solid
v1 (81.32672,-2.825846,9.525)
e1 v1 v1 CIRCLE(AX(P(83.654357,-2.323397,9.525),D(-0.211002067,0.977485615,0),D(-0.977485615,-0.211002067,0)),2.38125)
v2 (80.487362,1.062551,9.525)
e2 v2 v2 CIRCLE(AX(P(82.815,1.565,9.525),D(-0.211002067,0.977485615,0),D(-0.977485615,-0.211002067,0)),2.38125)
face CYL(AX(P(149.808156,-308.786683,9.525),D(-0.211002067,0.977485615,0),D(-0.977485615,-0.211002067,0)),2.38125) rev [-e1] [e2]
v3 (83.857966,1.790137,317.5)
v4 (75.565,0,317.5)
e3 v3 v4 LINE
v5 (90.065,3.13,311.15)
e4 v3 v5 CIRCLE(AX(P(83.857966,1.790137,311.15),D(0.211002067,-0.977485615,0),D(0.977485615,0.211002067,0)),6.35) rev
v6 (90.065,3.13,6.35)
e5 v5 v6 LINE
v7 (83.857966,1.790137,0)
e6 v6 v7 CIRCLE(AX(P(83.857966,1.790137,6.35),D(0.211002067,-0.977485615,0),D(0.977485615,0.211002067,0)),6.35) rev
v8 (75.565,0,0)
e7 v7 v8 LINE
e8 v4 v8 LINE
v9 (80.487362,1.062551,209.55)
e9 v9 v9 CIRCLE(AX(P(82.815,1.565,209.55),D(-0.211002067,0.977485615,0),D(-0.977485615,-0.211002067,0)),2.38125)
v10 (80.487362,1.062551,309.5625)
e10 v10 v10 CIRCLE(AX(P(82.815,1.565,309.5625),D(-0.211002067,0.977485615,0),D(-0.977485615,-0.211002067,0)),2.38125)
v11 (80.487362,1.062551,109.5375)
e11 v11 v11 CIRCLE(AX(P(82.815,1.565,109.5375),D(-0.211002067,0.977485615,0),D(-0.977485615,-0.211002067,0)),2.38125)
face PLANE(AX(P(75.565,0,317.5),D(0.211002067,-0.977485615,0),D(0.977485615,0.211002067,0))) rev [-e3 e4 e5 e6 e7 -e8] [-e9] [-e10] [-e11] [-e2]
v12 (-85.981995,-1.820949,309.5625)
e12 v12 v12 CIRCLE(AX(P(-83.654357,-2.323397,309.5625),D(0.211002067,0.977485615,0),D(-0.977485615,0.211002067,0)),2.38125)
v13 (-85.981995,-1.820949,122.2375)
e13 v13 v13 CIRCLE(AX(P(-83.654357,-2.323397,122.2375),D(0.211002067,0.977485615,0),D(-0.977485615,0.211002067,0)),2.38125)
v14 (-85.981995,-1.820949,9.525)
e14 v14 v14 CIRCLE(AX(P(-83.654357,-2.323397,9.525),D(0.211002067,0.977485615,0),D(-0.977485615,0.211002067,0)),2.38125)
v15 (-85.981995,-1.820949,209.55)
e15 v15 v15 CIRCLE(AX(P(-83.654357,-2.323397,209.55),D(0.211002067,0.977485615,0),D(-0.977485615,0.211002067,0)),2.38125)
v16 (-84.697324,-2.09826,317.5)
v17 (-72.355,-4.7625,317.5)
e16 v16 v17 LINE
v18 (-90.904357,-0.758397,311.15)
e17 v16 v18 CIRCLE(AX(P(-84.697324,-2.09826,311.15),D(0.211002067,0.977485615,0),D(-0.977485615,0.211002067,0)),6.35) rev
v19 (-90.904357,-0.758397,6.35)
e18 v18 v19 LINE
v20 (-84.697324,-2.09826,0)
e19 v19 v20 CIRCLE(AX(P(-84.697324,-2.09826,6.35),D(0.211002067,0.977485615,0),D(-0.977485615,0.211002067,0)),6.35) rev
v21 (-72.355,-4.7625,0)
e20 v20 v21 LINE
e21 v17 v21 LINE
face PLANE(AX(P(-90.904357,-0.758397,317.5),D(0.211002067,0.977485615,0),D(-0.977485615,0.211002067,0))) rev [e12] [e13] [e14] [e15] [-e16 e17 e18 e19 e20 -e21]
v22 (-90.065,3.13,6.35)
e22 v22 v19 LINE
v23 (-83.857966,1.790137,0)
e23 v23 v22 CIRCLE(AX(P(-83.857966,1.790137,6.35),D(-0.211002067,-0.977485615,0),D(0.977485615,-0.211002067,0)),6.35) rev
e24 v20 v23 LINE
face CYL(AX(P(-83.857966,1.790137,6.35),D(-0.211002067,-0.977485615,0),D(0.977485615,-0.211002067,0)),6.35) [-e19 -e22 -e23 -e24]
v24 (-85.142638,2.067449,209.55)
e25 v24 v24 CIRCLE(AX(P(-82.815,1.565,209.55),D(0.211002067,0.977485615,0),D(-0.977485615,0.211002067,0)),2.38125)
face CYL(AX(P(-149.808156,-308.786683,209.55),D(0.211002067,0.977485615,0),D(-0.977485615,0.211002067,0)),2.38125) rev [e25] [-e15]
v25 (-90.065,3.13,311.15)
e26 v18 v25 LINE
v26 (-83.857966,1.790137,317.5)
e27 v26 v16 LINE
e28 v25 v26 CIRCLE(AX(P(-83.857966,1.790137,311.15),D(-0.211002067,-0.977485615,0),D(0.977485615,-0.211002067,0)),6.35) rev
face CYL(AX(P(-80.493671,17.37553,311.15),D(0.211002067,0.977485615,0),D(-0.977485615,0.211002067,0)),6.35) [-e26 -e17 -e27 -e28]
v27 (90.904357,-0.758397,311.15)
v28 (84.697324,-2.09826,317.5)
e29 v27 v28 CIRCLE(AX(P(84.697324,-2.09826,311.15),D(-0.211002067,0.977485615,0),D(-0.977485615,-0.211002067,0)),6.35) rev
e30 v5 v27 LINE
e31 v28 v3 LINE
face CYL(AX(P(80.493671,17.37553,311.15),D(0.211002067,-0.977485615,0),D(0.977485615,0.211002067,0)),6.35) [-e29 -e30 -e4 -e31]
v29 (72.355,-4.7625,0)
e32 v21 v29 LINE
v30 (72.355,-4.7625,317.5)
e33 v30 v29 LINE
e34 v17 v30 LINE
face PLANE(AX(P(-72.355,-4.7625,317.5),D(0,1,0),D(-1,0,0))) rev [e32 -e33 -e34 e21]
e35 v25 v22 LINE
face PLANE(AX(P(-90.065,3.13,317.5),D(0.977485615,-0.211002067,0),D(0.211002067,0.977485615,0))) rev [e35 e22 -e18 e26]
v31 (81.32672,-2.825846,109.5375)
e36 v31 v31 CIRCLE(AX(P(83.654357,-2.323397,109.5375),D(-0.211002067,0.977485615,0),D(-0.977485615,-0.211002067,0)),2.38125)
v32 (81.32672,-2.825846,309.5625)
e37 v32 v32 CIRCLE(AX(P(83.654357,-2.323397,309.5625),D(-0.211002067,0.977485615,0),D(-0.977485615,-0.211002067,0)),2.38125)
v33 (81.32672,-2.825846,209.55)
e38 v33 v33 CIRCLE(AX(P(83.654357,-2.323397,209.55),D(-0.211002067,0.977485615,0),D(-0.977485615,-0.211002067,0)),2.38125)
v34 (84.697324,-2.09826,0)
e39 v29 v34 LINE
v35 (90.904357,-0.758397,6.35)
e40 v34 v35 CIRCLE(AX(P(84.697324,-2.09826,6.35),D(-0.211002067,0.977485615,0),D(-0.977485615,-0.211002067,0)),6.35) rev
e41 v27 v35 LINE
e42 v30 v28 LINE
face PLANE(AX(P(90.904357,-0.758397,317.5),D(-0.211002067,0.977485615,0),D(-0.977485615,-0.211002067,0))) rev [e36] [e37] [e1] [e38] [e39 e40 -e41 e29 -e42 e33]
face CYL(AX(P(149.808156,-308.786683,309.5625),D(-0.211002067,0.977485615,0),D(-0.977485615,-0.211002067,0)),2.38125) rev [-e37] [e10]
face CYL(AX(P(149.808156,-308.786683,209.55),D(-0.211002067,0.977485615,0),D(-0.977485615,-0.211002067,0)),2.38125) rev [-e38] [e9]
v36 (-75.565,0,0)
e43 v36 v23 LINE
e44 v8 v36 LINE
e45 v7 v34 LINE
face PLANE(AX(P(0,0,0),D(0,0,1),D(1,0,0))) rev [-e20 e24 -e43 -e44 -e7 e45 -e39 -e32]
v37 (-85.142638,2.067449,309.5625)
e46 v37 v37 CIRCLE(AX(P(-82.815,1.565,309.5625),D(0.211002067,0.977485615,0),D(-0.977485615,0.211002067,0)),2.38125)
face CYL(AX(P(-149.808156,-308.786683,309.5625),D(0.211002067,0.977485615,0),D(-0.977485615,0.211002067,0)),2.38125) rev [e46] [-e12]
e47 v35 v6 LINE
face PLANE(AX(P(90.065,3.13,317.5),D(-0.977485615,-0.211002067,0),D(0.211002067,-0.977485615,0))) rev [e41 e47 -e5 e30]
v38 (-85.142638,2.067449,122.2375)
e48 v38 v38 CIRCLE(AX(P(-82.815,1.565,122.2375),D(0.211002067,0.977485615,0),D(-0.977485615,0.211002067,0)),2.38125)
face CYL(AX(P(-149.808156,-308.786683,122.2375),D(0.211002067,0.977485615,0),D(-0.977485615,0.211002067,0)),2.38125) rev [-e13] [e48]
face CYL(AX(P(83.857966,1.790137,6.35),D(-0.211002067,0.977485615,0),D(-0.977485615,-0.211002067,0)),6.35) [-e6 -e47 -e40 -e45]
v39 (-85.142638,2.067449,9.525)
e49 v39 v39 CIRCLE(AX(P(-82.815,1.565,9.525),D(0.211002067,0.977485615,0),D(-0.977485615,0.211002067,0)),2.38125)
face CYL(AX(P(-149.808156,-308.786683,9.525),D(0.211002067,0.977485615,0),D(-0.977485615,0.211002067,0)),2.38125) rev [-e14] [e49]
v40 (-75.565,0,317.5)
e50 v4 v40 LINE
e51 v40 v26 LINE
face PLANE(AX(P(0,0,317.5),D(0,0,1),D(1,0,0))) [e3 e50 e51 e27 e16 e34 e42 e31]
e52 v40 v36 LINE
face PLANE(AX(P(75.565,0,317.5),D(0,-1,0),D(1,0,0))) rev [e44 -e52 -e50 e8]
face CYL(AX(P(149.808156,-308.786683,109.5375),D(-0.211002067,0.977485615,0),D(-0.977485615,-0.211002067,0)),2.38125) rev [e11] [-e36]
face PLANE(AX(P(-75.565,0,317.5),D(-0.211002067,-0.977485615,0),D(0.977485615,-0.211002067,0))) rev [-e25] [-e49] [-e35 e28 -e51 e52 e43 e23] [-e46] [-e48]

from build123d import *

# Parameters (mm, degrees)
BOSS_EXTRUDE1_DEPTH = 317.5
FILLET1_R           = 6.35
SKETCH3_R           = 2.38125
CUT_EXTRUDE1_DEPTH  = 317.5
SKETCH4_R           = 2.38125
CUT_EXTRUDE2_DEPTH  = 317.5
LPATTERN5_COUNT     = 4
LPATTERN5_PITCH     = 100.0125


with BuildPart() as part:
    # Sketch1 → Boss-Extrude1 (new body)
    with BuildSketch(Plane.XY):
        Polygon((75.565, 0), (-75.565, 0), (-90.065, 3.13), (-90.904357489, -0.758397314), (-72.355, -4.7625), (72.355, -4.7625), (90.904357489, -0.758397314), (90.065, 3.13), align=None)
    extrude(amount=BOSS_EXTRUDE1_DEPTH)

    # Fillet1
    fillet1_edges = [part.edges().sort_by_distance(p)[0] for p in [
        (-90.484678745, 1.185801343, 0),
        (90.484678745, 1.185801343, 317.5),
        (-90.484678745, 1.185801343, 317.5),
        (90.484678745, 1.185801343, 0),
    ]]
    fillet(fillet1_edges, radius=FILLET1_R)

    # Sketch3 → Cut-Extrude1 (cut)
    with BuildSketch(Plane(origin=(-3.364295287, -15.5853935, 0), x_dir=(0.977485615, -0.211002067, 0), z_dir=(0.211002067, 0.977485615, 0))):
        with Locations((-81.280689445, -9.525)):
            Circle(SKETCH3_R)
        with Locations((-81.280689445, -122.2375)):
            Circle(SKETCH3_R)
        with Locations((-81.280689445, -209.55)):
            Circle(SKETCH3_R)
        with Locations((-81.280689445, -309.5625)):
            Circle(SKETCH3_R)
    extrude(amount=-CUT_EXTRUDE1_DEPTH, mode=Mode.SUBTRACT)

    # Sketch4 → Cut-Extrude2 (cut)
    with BuildSketch(Plane(origin=(3.364295287, -15.5853935, 0), x_dir=(0.977485615, 0.211002067, 0), z_dir=(-0.211002067, 0.977485615, 0))):
        with Locations((81.280689445, -9.525)):
            Circle(SKETCH4_R)
    cut_extrude2 = extrude(amount=-CUT_EXTRUDE2_DEPTH, mode=Mode.SUBTRACT)

    # LPattern5: Cut-Extrude2 ×4
    with Locations(*[(0, 0, i * LPATTERN5_PITCH) for i in range(1, LPATTERN5_COUNT)]):
        add(cut_extrude2, mode=Mode.SUBTRACT)


solid = part.part
